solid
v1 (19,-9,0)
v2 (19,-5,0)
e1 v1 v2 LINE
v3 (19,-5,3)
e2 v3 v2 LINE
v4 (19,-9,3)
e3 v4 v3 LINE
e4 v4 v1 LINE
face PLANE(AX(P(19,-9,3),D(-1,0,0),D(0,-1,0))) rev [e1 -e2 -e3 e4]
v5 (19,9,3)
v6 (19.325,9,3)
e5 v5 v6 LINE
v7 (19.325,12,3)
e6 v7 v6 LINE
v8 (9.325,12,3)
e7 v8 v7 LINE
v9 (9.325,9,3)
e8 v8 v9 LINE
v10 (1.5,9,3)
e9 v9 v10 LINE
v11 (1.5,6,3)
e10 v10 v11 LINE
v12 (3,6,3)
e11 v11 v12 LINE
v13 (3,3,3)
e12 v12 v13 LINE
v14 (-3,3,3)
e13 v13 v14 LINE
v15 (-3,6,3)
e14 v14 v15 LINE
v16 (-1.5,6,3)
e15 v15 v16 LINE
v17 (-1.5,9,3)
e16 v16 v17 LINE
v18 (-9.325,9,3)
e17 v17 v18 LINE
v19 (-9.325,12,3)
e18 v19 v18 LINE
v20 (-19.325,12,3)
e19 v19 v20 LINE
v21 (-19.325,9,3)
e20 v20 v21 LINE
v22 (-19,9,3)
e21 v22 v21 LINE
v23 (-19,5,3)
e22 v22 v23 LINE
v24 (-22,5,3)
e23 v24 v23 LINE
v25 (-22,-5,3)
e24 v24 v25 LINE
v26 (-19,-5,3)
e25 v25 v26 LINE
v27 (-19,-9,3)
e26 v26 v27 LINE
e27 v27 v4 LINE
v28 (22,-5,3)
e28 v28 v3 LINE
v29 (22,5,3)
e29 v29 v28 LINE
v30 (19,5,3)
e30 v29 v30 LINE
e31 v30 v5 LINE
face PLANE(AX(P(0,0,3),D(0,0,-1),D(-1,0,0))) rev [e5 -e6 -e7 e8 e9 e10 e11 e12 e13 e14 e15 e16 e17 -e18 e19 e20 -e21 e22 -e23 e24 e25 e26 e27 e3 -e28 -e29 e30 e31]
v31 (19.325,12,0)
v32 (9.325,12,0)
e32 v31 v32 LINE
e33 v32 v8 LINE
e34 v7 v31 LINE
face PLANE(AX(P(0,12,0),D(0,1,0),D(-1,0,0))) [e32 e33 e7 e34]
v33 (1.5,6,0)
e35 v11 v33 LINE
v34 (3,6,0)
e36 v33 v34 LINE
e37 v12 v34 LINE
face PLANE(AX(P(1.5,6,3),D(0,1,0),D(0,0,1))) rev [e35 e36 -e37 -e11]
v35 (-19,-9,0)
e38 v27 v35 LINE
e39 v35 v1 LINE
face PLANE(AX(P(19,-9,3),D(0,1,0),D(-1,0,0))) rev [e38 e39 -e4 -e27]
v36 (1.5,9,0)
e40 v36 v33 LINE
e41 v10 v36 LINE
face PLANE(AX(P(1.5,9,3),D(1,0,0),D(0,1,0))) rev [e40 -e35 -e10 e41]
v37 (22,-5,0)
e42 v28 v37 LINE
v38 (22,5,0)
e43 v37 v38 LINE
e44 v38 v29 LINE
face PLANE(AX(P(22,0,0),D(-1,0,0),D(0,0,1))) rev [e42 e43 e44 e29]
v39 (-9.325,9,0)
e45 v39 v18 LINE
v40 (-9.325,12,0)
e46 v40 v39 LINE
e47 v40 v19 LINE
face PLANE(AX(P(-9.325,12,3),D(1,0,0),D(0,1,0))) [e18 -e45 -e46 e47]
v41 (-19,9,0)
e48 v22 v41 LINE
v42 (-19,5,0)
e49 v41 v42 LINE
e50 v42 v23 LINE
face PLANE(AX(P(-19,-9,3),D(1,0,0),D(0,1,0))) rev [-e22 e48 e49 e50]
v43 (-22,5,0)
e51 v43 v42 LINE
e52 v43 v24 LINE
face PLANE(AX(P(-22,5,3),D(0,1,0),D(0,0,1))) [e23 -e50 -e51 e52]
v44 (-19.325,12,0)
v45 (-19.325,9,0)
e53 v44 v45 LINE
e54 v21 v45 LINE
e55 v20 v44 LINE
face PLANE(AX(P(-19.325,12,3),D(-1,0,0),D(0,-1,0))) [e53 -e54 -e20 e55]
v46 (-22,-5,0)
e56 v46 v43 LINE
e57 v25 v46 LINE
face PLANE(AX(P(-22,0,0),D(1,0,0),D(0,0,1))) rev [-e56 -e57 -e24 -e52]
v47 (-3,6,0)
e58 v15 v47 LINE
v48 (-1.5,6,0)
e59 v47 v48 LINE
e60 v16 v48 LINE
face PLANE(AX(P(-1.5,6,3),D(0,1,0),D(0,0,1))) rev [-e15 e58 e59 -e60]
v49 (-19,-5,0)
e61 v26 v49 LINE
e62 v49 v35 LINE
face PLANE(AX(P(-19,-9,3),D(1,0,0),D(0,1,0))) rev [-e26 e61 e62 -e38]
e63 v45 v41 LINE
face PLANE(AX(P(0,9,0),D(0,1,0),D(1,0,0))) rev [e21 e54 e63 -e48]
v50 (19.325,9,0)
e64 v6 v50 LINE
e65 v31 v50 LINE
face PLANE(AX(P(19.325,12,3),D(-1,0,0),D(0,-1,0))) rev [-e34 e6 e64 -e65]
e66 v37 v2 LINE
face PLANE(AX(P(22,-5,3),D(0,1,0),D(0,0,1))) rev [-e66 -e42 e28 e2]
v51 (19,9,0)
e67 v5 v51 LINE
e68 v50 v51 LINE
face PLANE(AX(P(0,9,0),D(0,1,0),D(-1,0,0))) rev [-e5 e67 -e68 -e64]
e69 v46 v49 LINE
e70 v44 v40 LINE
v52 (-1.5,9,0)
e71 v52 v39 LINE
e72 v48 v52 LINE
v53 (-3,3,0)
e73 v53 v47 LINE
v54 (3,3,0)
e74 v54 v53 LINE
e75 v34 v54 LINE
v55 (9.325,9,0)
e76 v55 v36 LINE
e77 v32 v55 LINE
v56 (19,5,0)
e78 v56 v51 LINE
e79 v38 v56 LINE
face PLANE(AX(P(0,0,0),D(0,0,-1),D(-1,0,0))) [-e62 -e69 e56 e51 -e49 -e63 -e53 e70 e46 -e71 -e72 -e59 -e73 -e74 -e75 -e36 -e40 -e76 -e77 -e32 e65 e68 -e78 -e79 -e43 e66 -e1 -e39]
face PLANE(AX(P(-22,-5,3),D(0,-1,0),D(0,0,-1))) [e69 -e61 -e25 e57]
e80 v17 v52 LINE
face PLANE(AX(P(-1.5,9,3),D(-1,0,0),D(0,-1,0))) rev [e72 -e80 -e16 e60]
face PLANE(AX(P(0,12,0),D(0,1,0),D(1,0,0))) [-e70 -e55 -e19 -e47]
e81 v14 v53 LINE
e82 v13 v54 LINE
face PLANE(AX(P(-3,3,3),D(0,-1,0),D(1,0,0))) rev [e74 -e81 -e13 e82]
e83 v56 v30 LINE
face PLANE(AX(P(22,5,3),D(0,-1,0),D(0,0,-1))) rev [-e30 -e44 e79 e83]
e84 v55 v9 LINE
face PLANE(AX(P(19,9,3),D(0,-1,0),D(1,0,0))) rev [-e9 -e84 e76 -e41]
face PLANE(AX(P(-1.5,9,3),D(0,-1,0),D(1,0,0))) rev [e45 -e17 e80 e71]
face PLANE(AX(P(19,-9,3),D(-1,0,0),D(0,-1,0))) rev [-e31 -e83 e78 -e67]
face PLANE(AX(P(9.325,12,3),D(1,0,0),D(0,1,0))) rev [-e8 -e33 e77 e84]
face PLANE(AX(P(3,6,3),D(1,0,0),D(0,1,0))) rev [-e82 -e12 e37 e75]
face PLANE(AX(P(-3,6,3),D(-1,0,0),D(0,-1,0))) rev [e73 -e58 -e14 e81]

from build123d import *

# Parameters (mm, degrees)
SALIENTE_EXTRUIR2_DEPTH = 3
CROQUIS2_W              = 3
CROQUIS2_H              = 10
SALIENTE_EXTRUIR3_DEPTH = 3
CROQUIS3_W              = 10
CROQUIS3_H              = 3
SALIENTE_EXTRUIR4_DEPTH = 3


with BuildPart() as part:
    # Croquis1 → Saliente-Extruir2 (new body)
    with BuildSketch(Plane.XY):
        Polygon((19, -9), (-19, -9), (-19, 9), (-1.5, 9), (-1.5, 6), (-3, 6), (-3, 3), (3, 3), (3, 6), (1.5, 6), (1.5, 9), (19, 9), align=None)
    extrude(amount=SALIENTE_EXTRUIR2_DEPTH)

    # Croquis2 → Saliente-Extruir3 (add)
    with BuildSketch(Plane(origin=(19, 0, 0), x_dir=(0, 0, -1), z_dir=(1, 0, 0))):
        with Locations((-1.5, 0)):
            Rectangle(CROQUIS2_W, CROQUIS2_H)
    saliente_extruir3 = extrude(amount=SALIENTE_EXTRUIR3_DEPTH)

    # Croquis3 → Saliente-Extruir4 (add)
    with BuildSketch(Plane(origin=(0, 9, 0), x_dir=(1, 0, 0), z_dir=(0, 1, 0))):
        with Locations((14.325, -1.5)):
            Rectangle(CROQUIS3_W, CROQUIS3_H)
    saliente_extruir4 = extrude(amount=SALIENTE_EXTRUIR4_DEPTH)

    # Simetría1: Saliente-Extruir3 across plane
    add(saliente_extruir3.mirror(Plane(origin=(0, 0, 0), x_dir=(0, 0, 1), z_dir=(1, 0, 0))))

    # Simetría2: Saliente-Extruir4 across plane
    add(saliente_extruir4.mirror(Plane(origin=(0, 0, 0), x_dir=(0, 0, 1), z_dir=(1, 0, 0))))


solid = part.part
